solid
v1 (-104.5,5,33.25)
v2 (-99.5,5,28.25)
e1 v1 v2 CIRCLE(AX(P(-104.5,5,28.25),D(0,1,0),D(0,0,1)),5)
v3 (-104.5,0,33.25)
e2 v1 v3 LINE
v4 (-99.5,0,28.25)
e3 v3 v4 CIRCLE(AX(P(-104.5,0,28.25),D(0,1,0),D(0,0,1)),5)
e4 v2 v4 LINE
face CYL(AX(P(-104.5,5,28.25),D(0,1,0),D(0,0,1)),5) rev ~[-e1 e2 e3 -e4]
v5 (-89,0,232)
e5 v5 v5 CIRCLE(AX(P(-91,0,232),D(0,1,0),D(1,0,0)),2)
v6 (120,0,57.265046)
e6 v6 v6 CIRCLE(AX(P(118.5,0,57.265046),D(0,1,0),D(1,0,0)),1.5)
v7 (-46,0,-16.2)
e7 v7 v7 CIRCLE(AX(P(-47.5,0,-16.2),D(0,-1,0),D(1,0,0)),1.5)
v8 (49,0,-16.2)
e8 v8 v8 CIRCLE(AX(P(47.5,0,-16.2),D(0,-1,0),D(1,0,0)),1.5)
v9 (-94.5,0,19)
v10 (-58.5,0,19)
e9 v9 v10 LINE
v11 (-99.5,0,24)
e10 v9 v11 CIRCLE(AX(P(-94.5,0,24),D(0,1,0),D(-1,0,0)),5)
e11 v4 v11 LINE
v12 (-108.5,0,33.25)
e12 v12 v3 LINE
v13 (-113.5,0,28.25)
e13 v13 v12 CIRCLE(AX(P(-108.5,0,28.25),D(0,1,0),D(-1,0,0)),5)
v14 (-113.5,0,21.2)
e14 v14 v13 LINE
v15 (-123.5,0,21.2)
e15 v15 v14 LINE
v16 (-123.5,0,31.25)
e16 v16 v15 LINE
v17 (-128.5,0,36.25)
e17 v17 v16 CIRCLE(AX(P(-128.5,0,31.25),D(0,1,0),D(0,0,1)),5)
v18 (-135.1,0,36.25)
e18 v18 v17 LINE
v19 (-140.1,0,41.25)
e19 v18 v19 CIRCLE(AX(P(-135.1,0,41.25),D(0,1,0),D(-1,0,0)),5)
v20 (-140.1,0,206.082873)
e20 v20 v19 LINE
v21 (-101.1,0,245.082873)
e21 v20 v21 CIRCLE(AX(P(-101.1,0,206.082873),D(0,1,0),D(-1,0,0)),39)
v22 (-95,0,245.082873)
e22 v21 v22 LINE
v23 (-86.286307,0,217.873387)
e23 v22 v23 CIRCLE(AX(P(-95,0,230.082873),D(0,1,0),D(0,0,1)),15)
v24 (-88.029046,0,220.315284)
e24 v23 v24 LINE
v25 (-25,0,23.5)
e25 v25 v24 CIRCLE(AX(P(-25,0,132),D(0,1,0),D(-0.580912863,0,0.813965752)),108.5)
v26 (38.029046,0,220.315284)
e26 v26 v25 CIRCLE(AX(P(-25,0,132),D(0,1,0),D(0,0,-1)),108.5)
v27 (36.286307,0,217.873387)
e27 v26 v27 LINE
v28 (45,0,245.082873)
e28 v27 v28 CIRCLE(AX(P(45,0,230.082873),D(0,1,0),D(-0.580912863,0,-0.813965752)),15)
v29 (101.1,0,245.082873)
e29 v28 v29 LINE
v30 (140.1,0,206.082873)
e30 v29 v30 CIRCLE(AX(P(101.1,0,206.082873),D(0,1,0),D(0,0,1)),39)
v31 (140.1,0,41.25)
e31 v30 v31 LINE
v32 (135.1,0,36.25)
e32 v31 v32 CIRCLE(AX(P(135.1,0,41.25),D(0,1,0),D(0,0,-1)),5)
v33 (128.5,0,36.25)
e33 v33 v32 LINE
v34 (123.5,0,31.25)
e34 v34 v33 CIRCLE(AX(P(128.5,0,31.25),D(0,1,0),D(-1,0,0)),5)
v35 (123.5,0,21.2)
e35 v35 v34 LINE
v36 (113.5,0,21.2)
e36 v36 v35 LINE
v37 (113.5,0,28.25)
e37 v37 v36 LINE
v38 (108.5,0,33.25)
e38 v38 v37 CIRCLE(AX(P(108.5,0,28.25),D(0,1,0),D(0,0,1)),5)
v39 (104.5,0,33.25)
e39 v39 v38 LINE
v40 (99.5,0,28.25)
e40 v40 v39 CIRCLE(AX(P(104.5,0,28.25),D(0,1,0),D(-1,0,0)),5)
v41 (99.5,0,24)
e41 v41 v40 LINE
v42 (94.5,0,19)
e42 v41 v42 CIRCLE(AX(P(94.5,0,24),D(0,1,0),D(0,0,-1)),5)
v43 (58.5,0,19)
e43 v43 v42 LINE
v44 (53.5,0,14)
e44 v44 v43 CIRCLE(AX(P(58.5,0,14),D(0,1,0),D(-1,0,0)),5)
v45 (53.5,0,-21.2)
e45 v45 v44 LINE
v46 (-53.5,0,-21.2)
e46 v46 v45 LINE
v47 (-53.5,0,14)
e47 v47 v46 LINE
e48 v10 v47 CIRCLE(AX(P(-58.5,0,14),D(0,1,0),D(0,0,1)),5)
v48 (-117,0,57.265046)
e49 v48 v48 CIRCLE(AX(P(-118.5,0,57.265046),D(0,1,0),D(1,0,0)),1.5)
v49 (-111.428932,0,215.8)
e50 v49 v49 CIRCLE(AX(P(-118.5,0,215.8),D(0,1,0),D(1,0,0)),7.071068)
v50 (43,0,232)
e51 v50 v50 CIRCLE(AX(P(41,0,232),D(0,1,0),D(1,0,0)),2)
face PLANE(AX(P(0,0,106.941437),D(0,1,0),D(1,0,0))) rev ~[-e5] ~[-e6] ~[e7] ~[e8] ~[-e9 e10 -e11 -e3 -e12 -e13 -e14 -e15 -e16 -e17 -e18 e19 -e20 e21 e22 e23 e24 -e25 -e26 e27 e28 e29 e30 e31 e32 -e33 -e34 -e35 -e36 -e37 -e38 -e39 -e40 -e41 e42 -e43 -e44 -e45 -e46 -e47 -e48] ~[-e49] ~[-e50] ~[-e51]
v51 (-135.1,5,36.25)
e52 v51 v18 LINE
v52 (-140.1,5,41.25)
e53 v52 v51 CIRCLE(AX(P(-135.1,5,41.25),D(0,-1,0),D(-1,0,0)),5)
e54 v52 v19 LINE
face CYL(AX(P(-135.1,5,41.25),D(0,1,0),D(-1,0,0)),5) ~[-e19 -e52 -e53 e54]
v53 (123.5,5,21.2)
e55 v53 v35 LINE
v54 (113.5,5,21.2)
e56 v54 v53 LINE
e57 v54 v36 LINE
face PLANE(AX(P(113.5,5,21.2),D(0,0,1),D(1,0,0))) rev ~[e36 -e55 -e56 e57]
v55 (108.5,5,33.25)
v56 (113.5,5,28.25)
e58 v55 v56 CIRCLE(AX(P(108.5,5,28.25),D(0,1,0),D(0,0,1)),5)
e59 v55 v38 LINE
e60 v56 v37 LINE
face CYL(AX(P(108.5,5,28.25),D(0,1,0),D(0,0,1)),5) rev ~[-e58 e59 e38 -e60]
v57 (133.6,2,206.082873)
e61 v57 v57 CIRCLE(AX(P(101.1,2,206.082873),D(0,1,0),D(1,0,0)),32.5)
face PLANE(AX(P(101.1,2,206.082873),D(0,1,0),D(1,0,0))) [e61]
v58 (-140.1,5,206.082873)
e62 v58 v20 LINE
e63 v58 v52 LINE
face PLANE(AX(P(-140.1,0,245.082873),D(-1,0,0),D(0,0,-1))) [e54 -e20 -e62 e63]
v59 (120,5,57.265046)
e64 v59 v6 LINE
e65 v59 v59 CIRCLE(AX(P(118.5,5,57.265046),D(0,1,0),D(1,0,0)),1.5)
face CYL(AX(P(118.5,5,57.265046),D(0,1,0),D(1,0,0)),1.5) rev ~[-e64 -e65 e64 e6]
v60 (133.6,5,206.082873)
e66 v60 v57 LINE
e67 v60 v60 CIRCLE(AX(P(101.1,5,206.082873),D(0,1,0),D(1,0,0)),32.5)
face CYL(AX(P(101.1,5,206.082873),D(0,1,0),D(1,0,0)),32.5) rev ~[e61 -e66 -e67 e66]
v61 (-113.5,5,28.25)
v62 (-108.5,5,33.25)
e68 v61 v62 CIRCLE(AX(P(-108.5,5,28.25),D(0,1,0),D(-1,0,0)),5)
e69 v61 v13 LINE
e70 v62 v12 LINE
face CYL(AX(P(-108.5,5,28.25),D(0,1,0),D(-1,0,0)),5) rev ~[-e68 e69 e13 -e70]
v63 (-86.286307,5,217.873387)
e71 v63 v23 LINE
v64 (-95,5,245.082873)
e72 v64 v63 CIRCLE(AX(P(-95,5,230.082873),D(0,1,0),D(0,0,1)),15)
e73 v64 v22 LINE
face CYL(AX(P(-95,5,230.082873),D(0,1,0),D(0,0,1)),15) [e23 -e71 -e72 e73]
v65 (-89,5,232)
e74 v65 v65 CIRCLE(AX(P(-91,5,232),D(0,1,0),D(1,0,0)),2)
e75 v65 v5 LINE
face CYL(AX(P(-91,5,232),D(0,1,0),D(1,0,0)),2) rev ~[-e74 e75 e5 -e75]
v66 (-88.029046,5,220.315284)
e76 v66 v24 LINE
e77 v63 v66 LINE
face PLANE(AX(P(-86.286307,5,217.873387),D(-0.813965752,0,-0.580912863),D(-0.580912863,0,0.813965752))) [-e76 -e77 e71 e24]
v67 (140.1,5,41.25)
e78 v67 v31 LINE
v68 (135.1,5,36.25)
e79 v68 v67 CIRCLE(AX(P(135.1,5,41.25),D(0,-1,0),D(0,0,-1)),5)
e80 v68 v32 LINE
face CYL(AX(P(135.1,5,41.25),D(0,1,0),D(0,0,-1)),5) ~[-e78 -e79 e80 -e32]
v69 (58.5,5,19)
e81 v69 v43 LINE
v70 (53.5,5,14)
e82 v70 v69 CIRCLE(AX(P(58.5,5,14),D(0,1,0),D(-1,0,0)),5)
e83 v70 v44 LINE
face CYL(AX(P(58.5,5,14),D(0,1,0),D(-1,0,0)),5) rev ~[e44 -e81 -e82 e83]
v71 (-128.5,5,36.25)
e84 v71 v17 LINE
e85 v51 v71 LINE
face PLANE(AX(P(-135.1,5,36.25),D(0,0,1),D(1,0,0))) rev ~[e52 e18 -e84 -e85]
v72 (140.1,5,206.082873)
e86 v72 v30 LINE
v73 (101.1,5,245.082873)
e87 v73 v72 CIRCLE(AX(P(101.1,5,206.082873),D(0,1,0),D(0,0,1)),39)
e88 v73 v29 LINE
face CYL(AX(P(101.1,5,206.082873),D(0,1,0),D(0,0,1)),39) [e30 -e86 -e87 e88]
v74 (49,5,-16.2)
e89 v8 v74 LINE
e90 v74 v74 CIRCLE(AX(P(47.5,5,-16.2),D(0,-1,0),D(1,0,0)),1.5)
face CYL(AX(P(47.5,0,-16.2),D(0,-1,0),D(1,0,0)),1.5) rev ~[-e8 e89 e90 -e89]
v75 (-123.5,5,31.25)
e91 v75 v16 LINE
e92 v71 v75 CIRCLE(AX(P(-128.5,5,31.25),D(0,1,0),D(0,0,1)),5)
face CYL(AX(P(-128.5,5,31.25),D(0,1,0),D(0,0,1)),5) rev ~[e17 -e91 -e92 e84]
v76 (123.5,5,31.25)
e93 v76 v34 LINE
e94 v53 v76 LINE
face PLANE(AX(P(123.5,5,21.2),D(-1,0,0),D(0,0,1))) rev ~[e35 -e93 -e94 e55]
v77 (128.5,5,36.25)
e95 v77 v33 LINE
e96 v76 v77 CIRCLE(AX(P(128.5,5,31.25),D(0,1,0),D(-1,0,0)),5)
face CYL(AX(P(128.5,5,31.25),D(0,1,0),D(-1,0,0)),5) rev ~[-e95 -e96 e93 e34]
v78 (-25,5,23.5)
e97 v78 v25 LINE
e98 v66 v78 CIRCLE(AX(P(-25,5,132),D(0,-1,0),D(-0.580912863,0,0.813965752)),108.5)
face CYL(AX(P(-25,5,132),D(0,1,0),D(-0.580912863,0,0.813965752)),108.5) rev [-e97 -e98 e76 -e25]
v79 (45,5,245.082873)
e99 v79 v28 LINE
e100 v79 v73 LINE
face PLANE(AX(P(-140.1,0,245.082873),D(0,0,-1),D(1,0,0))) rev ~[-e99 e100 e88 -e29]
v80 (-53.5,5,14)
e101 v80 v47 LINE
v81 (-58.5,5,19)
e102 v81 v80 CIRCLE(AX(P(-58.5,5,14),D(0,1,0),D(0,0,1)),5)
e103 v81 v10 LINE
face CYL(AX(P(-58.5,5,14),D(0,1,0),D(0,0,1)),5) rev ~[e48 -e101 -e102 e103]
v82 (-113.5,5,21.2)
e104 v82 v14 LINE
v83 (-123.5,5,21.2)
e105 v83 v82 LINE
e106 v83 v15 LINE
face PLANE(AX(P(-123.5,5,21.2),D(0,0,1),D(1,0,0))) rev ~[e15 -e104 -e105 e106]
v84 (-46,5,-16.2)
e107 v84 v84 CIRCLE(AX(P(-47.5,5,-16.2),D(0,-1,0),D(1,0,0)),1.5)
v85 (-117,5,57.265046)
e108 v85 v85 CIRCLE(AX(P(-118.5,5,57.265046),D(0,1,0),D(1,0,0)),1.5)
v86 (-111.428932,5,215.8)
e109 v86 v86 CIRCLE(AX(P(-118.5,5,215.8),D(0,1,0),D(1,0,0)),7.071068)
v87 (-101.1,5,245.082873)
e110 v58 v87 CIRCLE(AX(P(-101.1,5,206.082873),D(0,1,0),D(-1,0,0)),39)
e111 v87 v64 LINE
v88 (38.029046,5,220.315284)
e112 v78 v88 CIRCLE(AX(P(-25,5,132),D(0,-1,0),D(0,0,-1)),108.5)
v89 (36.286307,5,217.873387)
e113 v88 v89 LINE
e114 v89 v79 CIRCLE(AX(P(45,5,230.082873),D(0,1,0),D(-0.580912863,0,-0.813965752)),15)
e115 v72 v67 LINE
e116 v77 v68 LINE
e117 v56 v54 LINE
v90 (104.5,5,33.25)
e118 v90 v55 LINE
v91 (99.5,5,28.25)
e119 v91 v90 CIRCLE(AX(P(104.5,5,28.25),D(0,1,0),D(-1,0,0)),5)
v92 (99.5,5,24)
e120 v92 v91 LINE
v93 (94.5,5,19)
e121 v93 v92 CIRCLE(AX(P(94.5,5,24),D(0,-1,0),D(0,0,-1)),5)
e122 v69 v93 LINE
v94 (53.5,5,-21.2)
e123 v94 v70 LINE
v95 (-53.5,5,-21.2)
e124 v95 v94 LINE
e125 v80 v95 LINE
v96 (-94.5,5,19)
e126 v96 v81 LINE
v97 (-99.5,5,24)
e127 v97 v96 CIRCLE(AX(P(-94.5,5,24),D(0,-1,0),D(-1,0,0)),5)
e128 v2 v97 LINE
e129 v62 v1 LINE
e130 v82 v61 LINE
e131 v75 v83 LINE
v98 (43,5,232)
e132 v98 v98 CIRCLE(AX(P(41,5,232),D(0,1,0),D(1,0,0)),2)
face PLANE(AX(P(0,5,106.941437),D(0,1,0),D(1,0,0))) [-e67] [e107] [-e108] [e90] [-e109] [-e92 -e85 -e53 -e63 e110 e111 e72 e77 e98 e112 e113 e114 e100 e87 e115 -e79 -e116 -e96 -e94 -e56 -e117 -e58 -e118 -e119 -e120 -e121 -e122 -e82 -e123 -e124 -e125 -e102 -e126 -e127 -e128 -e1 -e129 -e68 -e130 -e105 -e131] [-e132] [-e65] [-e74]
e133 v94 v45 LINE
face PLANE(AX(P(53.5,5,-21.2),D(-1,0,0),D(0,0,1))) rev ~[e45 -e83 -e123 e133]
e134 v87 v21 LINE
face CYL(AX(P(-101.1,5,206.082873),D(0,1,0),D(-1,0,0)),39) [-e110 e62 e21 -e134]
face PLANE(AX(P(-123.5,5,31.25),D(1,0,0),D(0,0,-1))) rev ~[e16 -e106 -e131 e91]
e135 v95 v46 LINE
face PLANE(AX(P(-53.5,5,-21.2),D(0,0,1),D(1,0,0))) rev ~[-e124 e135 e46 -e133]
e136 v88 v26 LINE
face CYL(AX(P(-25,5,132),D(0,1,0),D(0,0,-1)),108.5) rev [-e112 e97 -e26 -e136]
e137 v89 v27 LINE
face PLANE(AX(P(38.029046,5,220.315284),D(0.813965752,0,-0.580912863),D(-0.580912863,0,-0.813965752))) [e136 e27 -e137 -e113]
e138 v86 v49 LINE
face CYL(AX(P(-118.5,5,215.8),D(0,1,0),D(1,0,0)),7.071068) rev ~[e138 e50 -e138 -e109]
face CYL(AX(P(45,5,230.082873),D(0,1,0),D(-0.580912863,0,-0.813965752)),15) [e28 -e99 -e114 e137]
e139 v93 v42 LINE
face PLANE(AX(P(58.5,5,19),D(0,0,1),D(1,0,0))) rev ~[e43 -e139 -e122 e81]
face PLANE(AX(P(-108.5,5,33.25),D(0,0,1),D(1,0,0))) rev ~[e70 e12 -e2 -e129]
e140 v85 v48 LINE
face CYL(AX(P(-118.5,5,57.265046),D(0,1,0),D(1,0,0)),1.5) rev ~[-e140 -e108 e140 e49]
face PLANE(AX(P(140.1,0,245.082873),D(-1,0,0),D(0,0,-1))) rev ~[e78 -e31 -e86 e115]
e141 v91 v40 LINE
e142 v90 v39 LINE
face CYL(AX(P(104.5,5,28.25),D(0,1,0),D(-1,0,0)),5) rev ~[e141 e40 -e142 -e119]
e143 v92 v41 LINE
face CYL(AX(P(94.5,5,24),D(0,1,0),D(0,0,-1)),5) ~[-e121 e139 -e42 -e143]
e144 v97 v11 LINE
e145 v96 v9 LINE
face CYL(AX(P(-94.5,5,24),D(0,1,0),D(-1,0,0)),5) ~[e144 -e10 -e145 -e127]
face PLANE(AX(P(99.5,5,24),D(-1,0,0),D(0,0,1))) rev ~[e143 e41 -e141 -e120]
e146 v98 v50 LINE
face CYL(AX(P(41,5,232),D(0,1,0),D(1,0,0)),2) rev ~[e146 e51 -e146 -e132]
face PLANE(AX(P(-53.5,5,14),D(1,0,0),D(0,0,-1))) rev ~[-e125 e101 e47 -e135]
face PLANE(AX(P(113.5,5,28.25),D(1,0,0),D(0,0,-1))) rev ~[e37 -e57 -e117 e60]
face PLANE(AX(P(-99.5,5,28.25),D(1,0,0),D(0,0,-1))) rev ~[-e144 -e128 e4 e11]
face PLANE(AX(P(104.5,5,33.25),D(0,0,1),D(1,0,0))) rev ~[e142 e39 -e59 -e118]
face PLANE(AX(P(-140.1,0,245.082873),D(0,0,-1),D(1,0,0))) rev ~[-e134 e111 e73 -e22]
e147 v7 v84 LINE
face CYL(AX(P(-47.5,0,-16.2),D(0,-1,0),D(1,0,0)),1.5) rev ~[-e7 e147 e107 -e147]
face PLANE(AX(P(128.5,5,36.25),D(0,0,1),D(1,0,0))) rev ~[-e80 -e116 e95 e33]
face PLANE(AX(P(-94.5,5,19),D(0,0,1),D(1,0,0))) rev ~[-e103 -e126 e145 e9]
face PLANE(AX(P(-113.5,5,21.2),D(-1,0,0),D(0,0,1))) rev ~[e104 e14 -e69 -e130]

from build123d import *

# Parameters (mm, degrees)
ESQUISSE1_W              = 280.2
ESQUISSE1_H              = 276.282873123
BOSS_EXTRU_1_DEPTH       = 5
ENL_V_MAT_EXTRU_1_DEPTH  = 6
ENL_V_MAT_EXTRU_3_DEPTH  = 6
ESQUISSE5_R              = 2
ENL_V_MAT_EXTRU_4_DEPTH  = 6
ENL_V_MAT_EXTRU_5_DEPTH  = 6
ESQUISSE7_R              = 7.071067812
ENL_V_MAT_EXTRU_6_DEPTH  = 6
ESQUISSE8_R              = 1.5
ENL_V_MAT_EXTRU_8_DEPTH  = 6
ESQUISSE9_R              = 32.5
ENL_V_MAT_EXTRU_10_DEPTH = 3
ESQUISSE10_R             = 1.5
ENL_V_MAT_EXTRU_11_DEPTH = 6


with BuildPart() as part:
    # Esquisse1 → Boss.-Extru.1 (new body)
    with BuildSketch(Plane(origin=(0, 0, 0), x_dir=(1, 0, 0), z_dir=(0, 1, 0))):
        with Locations((0, -106.941436562)):
            Rectangle(ESQUISSE1_W, ESQUISSE1_H)
    extrude(amount=BOSS_EXTRU_1_DEPTH)

    # Esquisse2 → Enlèv. mat.-Extru.1 (cut, through all)
    with BuildSketch(Plane(origin=(0, 5, 0), x_dir=(1, 0, 0), z_dir=(0, 1, 0))):
        with BuildLine():
            Line((-86.286307054, -217.873386842), (-88.029045643, -220.315284098))
            ThreePointArc((-88.029045643, -220.315284098), (-128.330678708, -98.90890093), (-25, -23.5))
            ThreePointArc((-25, -23.5), (78.330678708, -98.90890093), (38.029045643, -220.315284098))
            Line((38.029045643, -220.315284098), (36.286307054, -217.873386842))
            ThreePointArc((36.286307054, -217.873386842), (30.714652713, -234.657679446), (45, -245.082873123))
            Line((45, -245.082873123), (-95, -245.082873123))
            ThreePointArc((-95, -245.082873123), (-80.714652713, -234.657679446), (-86.286307054, -217.873386842))
        make_face()
    extrude(amount=-ENL_V_MAT_EXTRU_1_DEPTH, mode=Mode.SUBTRACT)

    # Esquisse4 → Enlèv. mat.-Extru.3 (cut, through all)
    with BuildSketch(Plane(origin=(0, 5, 0), x_dir=(1, 0, 0), z_dir=(0, 1, 0))):
        with BuildLine():
            Line((140.1, -245.082873123), (101.1, -245.082873123))
            ThreePointArc((101.1, -245.082873123), (128.677164466, -233.660037589), (140.1, -206.082873123))
            Line((140.1, -206.082873123), (140.1, -245.082873123))
        make_face()
        with BuildLine():
            Line((-101.1, -245.082873123), (-140.1, -245.082873123))
            Line((-140.1, -245.082873123), (-140.1, -206.082873123))
            ThreePointArc((-140.1, -206.082873123), (-128.677164466, -233.660037589), (-101.1, -245.082873123))
        make_face()
    extrude(amount=-ENL_V_MAT_EXTRU_3_DEPTH, mode=Mode.SUBTRACT)

    # Esquisse5 → Enlèv. mat.-Extru.4 (cut, through all)
    with BuildSketch(Plane(origin=(0, 5, 0), x_dir=(1, 0, 0), z_dir=(0, 1, 0))):
        with Locations((-91, -232)):
            Circle(ESQUISSE5_R)
        with Locations((41, -232)):
            Circle(ESQUISSE5_R)
    extrude(amount=-ENL_V_MAT_EXTRU_4_DEPTH, mode=Mode.SUBTRACT)

    # Esquisse6 → Enlèv. mat.-Extru.5 (cut, through all)
    with BuildSketch(Plane(origin=(0, 5, 0), x_dir=(1, 0, 0), z_dir=(0, 1, 0))):
        with BuildLine():
            Line((140.1, 31.2), (0, 31.2))
            Line((0, 31.2), (-140.1, 31.2))
            Line((-140.1, 31.2), (-140.1, -41.25))
            ThreePointArc((-140.1, -41.25), (-138.635533906, -37.714466094), (-135.1, -36.25))
            Line((-135.1, -36.25), (-128.5, -36.25))
            ThreePointArc((-128.5, -36.25), (-124.964466094, -34.785533906), (-123.5, -31.25))
            Line((-123.5, -31.25), (-123.5, -21.2))
            Line((-123.5, -21.2), (-113.5, -21.2))
            Line((-113.5, -21.2), (-113.5, -28.25))
            ThreePointArc((-113.5, -28.25), (-112.035533906, -31.785533906), (-108.5, -33.25))
            Line((-108.5, -33.25), (-104.5, -33.25))
            ThreePointArc((-104.5, -33.25), (-100.964466094, -31.785533906), (-99.5, -28.25))
            Line((-99.5, -28.25), (-99.5, -24))
            ThreePointArc((-99.5, -24), (-98.035533906, -20.464466094), (-94.5, -19))
            Line((-94.5, -19), (-58.5, -19))
            ThreePointArc((-58.5, -19), (-54.964466094, -17.535533906), (-53.5, -14))
            Line((-53.5, -14), (-53.5, 21.2))
            Line((-53.5, 21.2), (53.5, 21.2))
            Line((53.5, 21.2), (53.5, -14))
            ThreePointArc((53.5, -14), (54.964466094, -17.535533906), (58.5, -19))
            Line((58.5, -19), (94.5, -19))
            ThreePointArc((94.5, -19), (98.035533906, -20.464466094), (99.5, -24))
            Line((99.5, -24), (99.5, -28.25))
            ThreePointArc((99.5, -28.25), (100.964466094, -31.785533906), (104.5, -33.25))
            Line((104.5, -33.25), (108.5, -33.25))
            ThreePointArc((108.5, -33.25), (112.035533906, -31.785533906), (113.5, -28.25))
            Line((113.5, -28.25), (113.5, -21.2))
            Line((113.5, -21.2), (123.5, -21.2))
            Line((123.5, -21.2), (123.5, -31.25))
            ThreePointArc((123.5, -31.25), (124.964466094, -34.785533906), (128.5, -36.25))
            Line((128.5, -36.25), (135.1, -36.25))
            ThreePointArc((135.1, -36.25), (138.635533906, -37.714466094), (140.1, -41.25))
            Line((140.1, -41.25), (140.1, 31.2))
        make_face()
    extrude(amount=-ENL_V_MAT_EXTRU_5_DEPTH, mode=Mode.SUBTRACT)

    # Esquisse7 → Enlèv. mat.-Extru.6 (cut, through all)
    with BuildSketch(Plane(origin=(0, 5, 0), x_dir=(1, 0, 0), z_dir=(0, 1, 0))):
        with Locations((-118.5, -215.8)):
            Circle(ESQUISSE7_R)
    extrude(amount=-ENL_V_MAT_EXTRU_6_DEPTH, mode=Mode.SUBTRACT)

    # Esquisse8 → Enlèv. mat.-Extru.8 (cut, through all)
    with BuildSketch(Plane.XZ):
        with Locations((47.5, -16.2)):
            Circle(ESQUISSE8_R)
        with Locations((-47.5, -16.2)):
            Circle(ESQUISSE8_R)
    extrude(amount=-ENL_V_MAT_EXTRU_8_DEPTH, mode=Mode.SUBTRACT)

    # Esquisse9 → Enlèv. mat.-Extru.10 (cut)
    with BuildSketch(Plane(origin=(0, 5, 0), x_dir=(1, 0, 0), z_dir=(0, 1, 0))):
        with Locations((101.1, -206.082873123)):
            Circle(ESQUISSE9_R)
    extrude(amount=-ENL_V_MAT_EXTRU_10_DEPTH, mode=Mode.SUBTRACT)

    # Esquisse10 → Enlèv. mat.-Extru.11 (cut, through all)
    with BuildSketch(Plane(origin=(0, 5, 0), x_dir=(1, 0, 0), z_dir=(0, 1, 0))):
        with Locations((118.5, -57.265046493)):
            Circle(ESQUISSE10_R)
        with Locations((-118.5, -57.265046493)):
            Circle(ESQUISSE10_R)
    extrude(amount=-ENL_V_MAT_EXTRU_11_DEPTH, mode=Mode.SUBTRACT)


solid = part.part
